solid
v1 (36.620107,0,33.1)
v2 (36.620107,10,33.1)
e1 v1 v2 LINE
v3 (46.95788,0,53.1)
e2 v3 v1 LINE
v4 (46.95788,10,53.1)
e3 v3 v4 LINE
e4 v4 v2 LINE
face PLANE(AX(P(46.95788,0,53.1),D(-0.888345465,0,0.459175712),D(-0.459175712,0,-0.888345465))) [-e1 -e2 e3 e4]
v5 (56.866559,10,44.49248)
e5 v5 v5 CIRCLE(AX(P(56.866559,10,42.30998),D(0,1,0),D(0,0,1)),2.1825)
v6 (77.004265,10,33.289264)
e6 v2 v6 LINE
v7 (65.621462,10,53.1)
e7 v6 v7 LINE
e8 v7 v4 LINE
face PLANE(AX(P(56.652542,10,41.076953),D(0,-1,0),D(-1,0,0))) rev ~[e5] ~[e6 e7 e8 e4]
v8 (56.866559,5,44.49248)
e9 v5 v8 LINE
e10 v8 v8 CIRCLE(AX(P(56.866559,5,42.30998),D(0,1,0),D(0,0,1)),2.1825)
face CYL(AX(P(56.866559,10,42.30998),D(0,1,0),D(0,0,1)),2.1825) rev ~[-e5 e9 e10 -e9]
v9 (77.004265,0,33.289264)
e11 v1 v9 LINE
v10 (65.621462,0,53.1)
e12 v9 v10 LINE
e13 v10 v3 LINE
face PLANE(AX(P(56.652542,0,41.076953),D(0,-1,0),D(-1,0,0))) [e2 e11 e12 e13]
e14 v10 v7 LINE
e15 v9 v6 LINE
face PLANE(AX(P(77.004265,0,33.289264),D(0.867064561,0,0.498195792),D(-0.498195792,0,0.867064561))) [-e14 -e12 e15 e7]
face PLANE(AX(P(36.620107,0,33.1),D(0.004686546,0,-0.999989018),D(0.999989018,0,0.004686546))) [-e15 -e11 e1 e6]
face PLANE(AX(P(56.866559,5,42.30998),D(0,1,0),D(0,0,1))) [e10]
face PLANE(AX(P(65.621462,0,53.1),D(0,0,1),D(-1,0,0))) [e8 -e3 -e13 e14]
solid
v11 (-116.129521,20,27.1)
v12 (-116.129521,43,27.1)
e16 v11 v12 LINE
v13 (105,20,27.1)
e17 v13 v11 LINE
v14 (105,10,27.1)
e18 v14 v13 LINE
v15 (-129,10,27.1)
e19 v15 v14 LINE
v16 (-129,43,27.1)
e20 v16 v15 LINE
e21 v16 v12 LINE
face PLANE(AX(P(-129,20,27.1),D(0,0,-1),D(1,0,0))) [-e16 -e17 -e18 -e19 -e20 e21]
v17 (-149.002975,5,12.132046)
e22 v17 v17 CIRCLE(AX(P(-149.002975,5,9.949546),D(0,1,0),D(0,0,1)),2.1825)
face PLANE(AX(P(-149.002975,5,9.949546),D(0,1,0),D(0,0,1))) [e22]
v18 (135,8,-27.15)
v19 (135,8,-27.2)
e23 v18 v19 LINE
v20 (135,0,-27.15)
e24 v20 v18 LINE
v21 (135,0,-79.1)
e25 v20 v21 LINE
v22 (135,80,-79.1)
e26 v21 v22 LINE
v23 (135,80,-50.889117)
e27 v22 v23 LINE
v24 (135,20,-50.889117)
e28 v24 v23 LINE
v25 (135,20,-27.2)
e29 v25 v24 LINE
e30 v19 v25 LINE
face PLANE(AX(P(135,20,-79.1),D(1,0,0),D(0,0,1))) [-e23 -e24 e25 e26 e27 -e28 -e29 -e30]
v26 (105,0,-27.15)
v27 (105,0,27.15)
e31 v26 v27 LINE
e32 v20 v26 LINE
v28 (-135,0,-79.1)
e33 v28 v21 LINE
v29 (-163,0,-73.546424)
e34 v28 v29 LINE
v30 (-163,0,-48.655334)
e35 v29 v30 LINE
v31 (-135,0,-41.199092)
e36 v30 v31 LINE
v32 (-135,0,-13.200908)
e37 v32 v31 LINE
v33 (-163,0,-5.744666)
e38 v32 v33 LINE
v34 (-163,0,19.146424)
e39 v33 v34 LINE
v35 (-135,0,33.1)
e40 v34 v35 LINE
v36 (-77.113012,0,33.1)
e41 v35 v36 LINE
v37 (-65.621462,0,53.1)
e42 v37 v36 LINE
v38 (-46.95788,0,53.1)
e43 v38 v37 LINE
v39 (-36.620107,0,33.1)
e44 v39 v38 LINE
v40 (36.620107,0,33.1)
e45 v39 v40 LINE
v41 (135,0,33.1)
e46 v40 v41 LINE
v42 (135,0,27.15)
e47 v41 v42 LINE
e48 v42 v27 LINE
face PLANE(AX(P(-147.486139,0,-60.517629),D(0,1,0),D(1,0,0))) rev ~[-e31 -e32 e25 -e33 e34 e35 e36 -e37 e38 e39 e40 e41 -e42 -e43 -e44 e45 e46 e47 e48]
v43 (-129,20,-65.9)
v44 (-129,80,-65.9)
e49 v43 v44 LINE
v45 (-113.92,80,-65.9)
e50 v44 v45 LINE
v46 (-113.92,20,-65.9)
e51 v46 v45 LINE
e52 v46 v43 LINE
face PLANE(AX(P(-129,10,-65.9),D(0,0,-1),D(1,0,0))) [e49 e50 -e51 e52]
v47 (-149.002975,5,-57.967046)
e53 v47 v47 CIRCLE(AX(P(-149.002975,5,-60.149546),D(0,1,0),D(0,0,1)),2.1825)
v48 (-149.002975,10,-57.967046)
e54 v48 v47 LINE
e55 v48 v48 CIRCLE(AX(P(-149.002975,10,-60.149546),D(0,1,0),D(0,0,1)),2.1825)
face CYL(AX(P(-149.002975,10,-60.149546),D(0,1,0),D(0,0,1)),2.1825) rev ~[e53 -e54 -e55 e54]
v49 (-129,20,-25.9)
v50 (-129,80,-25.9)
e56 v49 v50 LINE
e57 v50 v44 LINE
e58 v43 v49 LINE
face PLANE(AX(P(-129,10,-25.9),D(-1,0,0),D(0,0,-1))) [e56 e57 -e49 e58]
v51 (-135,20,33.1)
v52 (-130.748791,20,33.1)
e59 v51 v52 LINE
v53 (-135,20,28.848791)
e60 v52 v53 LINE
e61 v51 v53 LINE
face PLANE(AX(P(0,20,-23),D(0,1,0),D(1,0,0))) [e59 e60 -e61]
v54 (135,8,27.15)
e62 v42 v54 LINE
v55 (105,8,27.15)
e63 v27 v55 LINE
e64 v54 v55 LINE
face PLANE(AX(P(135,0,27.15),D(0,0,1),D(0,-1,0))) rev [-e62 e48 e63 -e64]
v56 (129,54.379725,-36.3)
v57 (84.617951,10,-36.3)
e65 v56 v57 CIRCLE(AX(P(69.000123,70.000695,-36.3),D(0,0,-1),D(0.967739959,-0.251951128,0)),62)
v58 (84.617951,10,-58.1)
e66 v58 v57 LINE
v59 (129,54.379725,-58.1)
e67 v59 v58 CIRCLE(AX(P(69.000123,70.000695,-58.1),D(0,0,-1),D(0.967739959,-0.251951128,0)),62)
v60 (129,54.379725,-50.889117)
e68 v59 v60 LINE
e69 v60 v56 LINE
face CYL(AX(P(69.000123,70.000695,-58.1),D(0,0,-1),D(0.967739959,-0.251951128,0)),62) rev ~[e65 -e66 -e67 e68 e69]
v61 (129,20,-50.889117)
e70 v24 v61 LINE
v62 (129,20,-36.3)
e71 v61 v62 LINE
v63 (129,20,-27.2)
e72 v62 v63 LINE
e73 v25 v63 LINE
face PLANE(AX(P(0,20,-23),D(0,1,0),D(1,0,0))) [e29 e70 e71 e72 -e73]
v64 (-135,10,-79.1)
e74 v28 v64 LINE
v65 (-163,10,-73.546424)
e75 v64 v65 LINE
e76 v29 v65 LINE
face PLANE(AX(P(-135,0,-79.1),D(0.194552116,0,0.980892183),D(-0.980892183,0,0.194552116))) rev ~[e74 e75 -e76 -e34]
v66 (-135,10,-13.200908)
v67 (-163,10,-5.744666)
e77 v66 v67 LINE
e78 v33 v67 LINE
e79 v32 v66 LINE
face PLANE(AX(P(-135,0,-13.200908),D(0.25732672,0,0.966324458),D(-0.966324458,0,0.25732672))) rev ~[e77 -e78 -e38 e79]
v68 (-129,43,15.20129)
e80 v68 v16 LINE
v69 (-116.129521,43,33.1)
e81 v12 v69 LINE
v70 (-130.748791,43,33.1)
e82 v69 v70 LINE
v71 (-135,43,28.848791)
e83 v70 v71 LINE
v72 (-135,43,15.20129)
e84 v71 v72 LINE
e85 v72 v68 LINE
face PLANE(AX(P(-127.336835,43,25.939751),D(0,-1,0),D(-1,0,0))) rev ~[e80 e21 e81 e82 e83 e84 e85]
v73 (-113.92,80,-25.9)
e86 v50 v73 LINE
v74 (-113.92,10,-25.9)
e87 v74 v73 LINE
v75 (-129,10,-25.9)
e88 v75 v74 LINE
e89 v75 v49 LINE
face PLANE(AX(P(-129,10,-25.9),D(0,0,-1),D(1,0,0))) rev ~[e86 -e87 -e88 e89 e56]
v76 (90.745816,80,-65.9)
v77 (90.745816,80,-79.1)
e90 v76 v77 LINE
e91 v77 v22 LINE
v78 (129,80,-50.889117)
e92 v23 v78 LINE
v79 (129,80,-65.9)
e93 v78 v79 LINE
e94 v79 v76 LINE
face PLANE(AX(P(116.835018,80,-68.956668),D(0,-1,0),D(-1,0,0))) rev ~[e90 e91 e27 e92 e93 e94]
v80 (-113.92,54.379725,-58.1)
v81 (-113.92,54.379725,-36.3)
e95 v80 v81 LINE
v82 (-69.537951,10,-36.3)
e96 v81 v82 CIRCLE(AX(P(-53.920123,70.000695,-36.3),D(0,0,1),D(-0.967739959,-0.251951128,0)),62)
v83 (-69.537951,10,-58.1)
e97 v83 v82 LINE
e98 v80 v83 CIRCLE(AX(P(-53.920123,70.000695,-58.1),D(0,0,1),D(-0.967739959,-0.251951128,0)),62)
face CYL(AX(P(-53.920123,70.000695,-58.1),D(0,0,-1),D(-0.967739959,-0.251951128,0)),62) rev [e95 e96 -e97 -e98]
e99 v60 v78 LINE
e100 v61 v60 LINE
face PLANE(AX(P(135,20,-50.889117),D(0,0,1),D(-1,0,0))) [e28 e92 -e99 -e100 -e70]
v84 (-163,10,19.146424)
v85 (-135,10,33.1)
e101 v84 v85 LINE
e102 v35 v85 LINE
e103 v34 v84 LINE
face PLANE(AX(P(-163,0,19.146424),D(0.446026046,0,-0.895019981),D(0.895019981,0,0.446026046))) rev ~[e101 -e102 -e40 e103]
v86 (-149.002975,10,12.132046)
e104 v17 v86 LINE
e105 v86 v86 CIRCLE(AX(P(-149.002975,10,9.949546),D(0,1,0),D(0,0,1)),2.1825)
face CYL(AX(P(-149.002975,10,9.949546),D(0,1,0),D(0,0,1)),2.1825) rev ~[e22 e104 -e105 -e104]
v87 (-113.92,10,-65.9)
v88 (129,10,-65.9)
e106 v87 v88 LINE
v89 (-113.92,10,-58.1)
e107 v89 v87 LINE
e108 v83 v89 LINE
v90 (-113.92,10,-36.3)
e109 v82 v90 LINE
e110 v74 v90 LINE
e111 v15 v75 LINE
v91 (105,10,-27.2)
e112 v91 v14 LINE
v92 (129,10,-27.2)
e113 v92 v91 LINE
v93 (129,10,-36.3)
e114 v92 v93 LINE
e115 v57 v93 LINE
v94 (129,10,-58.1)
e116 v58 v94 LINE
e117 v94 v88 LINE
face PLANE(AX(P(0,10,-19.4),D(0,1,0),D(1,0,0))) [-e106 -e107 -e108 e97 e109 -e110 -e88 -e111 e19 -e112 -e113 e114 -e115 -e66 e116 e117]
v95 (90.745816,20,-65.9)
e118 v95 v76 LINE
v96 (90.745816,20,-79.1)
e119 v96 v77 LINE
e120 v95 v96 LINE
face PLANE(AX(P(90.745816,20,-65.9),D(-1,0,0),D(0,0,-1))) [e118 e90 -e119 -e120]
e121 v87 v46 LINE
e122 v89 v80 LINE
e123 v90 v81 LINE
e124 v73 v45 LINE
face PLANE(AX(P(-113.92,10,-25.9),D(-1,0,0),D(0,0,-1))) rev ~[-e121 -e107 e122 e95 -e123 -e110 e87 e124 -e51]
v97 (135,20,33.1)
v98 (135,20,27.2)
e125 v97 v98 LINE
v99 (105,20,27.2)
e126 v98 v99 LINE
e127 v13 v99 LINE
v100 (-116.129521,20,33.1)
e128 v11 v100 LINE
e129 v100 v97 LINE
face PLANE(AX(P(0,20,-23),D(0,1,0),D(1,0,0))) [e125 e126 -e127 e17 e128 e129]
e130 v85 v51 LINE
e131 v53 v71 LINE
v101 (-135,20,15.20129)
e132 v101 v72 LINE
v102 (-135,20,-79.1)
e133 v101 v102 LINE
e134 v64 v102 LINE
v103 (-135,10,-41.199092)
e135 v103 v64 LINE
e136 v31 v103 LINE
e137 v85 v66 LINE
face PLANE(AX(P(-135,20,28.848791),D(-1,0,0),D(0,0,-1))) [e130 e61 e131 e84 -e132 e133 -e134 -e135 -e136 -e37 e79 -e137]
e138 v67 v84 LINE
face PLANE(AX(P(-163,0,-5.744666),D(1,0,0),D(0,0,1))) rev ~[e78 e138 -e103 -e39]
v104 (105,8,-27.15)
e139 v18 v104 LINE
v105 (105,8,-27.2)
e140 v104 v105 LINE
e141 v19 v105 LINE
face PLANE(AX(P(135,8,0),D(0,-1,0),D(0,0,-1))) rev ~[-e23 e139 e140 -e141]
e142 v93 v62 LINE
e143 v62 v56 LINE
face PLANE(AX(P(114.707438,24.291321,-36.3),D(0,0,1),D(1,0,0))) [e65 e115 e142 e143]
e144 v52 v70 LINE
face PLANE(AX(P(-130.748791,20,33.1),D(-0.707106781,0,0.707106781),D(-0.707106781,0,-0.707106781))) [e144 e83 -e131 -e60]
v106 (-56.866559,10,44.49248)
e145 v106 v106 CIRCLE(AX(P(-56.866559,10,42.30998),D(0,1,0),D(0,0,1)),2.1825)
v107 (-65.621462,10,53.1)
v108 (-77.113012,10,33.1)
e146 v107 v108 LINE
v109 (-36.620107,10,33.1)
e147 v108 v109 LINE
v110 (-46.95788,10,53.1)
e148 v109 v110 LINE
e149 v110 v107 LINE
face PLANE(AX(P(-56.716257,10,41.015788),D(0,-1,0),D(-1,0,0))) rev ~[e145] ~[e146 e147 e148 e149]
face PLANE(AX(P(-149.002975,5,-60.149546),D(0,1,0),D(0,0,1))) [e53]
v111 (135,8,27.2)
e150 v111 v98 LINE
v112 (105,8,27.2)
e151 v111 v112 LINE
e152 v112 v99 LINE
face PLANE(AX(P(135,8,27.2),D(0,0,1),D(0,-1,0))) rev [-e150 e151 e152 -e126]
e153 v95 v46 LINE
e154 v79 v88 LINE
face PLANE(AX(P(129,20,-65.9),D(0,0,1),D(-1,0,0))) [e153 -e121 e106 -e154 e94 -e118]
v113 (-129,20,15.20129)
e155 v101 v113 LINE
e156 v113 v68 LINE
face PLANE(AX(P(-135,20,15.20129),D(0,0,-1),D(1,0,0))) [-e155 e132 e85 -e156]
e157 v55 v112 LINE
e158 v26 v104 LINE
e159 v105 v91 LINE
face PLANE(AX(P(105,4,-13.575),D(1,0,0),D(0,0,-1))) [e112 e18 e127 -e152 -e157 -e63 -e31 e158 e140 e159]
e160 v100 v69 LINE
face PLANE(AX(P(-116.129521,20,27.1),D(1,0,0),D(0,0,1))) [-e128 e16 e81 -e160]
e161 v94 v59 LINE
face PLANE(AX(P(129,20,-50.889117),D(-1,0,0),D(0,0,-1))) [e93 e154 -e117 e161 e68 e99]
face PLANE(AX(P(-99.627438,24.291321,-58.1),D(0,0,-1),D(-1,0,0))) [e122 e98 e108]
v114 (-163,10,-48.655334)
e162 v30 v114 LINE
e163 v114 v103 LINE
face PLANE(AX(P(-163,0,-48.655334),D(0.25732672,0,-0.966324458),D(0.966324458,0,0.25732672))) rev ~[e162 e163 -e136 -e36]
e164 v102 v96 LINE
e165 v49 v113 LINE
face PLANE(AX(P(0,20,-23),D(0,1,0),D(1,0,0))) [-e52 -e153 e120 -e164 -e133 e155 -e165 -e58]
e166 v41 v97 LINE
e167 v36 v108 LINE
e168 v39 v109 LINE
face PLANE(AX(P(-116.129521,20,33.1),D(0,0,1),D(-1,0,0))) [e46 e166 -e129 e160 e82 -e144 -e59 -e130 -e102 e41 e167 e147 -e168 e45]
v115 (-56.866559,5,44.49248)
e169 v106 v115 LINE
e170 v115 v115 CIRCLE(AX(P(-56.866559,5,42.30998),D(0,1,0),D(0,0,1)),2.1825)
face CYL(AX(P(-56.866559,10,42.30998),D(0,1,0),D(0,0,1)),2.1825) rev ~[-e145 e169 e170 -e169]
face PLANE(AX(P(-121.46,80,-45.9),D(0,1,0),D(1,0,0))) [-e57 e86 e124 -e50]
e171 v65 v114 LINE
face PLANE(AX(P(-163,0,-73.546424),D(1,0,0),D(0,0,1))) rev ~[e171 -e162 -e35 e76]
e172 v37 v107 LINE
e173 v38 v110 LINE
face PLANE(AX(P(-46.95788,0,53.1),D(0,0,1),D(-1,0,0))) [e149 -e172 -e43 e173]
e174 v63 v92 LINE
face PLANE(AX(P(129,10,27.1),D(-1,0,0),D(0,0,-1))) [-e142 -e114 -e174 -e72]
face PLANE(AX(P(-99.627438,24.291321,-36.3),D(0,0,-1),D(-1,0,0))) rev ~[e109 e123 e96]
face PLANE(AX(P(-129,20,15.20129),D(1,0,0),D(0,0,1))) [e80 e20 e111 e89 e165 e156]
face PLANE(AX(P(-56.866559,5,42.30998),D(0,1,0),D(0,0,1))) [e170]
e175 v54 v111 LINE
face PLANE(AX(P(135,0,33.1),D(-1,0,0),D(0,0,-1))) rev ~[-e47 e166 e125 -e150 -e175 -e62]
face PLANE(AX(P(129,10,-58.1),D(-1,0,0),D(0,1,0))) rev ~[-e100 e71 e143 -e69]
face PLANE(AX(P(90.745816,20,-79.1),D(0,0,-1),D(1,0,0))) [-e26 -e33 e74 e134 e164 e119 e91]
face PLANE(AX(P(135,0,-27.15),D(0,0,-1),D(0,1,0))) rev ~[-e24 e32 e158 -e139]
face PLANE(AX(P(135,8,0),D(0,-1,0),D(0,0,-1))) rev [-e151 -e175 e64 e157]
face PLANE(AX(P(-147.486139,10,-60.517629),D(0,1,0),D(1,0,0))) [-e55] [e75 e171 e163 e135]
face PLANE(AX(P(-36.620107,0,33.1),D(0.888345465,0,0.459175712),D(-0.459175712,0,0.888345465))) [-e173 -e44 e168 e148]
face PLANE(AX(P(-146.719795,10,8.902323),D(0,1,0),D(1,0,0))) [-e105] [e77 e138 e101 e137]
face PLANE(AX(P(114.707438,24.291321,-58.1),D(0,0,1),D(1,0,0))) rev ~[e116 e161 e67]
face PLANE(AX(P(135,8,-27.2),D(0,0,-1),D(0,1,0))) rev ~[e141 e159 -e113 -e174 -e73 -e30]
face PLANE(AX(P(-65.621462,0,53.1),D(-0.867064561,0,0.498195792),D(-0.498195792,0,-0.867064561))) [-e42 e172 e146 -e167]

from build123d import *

# Parameters (mm, degrees)
SKETCH3_W            = 270
SKETCH3_H            = 112.2
BOSS_EXTRUDE1_DEPTH  = 20
CUT_EXTRUDE1_START   = 10
SKETCH2_W            = 258
SKETCH2_H            = 93
CUT_EXTRUDE1_DEPTH   = 30
SKETCH5_W            = 27.15
SKETCH5_H            = 8
CUT_EXTRUDE2_DEPTH   = 30
SKETCH7_W            = 27.2
SKETCH7_H            = 12
CUT_EXTRUDE3_DEPTH   = 30
BOSS_EXTRUDE6_DEPTH  = 23
BOSS_EXTRUDE7_DEPTH  = 10
SKETCH27_R           = 2.1825
CUT_EXTRUDE4_DEPTH   = 5
BOSS_EXTRUDE10_START = 7.8
BOSS_EXTRUDE10_DEPTH = 21.8
SKETCH34_W           = 15.08
SKETCH34_H           = 40
BOSS_EXTRUDE11_DEPTH = 70
BOSS_EXTRUDE12_DEPTH = 60


with BuildPart() as part:
    # Sketch3 → Boss-Extrude1 (new body)
    with BuildSketch(Plane(origin=(0, 0, 0), x_dir=(1, 0, 0), z_dir=(0, 1, 0))):
        with Locations((0, 23)):
            Rectangle(SKETCH3_W, SKETCH3_H)
    extrude(amount=BOSS_EXTRUDE1_DEPTH)

    # Sketch2 → Cut-Extrude1 (cut)
    with BuildSketch(Plane(origin=(0, 0, 0), x_dir=(1, 0, 0), z_dir=(0, 1, 0)).offset(CUT_EXTRUDE1_START)):
        with Locations((0, 19.4)):
            Rectangle(SKETCH2_W, SKETCH2_H)
    extrude(amount=CUT_EXTRUDE1_DEPTH, mode=Mode.SUBTRACT)

    # Sketch5 → Cut-Extrude2 (cut)
    with BuildSketch(Plane(origin=(135, 0, 0), x_dir=(0, 0, -1), z_dir=(1, 0, 0))):
        with Locations((13.575, 4)):
            Rectangle(SKETCH5_W, SKETCH5_H)
    cut_extrude2 = extrude(amount=-CUT_EXTRUDE2_DEPTH, mode=Mode.SUBTRACT)

    # Mirror1: Cut-Extrude2 across plane
    add(cut_extrude2.mirror(Plane.XY), mode=Mode.SUBTRACT)

    # Sketch7 → Cut-Extrude3 (cut)
    with BuildSketch(Plane(origin=(135, 0, 0), x_dir=(0, 0, -1), z_dir=(1, 0, 0))):
        with Locations((13.6, 14)):
            Rectangle(SKETCH7_W, SKETCH7_H)
    cut_extrude3 = extrude(amount=-CUT_EXTRUDE3_DEPTH, mode=Mode.SUBTRACT)

    # Mirror2: Cut-Extrude3 across plane
    add(cut_extrude3.mirror(Plane.XY), mode=Mode.SUBTRACT)

    # Sketch23 → Boss-Extrude6 (add)
    with BuildSketch(Plane(origin=(0, 20, 0), x_dir=(1, 0, 0), z_dir=(0, 1, 0))):
        Polygon((-135, -15.201290187), (-129, -15.201290187), (-129, -27.1), (-116.129520543, -27.1), (-116.129520543, -33.1), (-130.748790546, -33.1), (-135, -28.848790546), align=None)
    extrude(amount=BOSS_EXTRUDE6_DEPTH)

    # Sketch26 → Boss-Extrude7 (add)
    with BuildSketch(Plane(origin=(0, 0, 0), x_dir=(1, 0, 0), z_dir=(0, 1, 0))):
        Polygon((-135, 41.199092499), (-135, 79.1), (-163, 73.546424044), (-163, 48.655333625), align=None)
        Polygon((-135, 13.200907501), (-163, 5.744666375), (-163, -19.146424044), (-135, -33.1), align=None)
        Polygon((-77.113011714, -33.1), (-36.620106691, -33.1), (-46.95788024, -53.1), (-65.621461612, -53.1), align=None)
        Polygon((36.620106691, -33.1), (77.004264715, -33.289264282), (65.621461612, -53.1), (46.95788024, -53.1), align=None)
    extrude(amount=BOSS_EXTRUDE7_DEPTH)


with BuildPart() as boss_extrude7_piece_1:
    # of the separate pieces the step leaves, piece 1, a body of its own (boss_extrude7_pieces)
    add(part.part.solids().sort_by_distance((-135, 0, 33.1))[0])


with BuildPart() as boss_extrude7_piece_2:
    # of the separate pieces the step leaves, piece 2, a body of its own (boss_extrude7_pieces)
    add(part.part.solids().sort_by_distance((77.004264715, 0, 33.289264282))[0])


with BuildPart() as cut_extrude4_tool:
    # Sketch27 → Cut-Extrude4 (new, symmetric)
    with BuildSketch(Plane(origin=(0, 10, 0), x_dir=(1, 0, 0), z_dir=(0, 1, 0))):
        with Locations(Location((-56.866559202, -42.309979601, 0), (0, 0, 270))):
            Circle(SKETCH27_R)
        with Locations(Location((56.866559202, -42.309979601, 0), (0, 0, 270))):
            Circle(SKETCH27_R)
        with Locations(Location((-149.002974589, 60.14954625, 0), (0, 0, 270))):
            Circle(SKETCH27_R)
        with Locations(Location((-149.002974589, -9.94954625, 0), (0, 0, 270))):
            Circle(SKETCH27_R)
    extrude(amount=CUT_EXTRUDE4_DEPTH, both=True)


with BuildPart() as boss_extrude7_piece_1_1:
    add(boss_extrude7_piece_1.part)

    # Cut-Extrude4: cut by cut_extrude4_tool
    add(cut_extrude4_tool.part, mode=Mode.SUBTRACT)

    # Sketch32 → Boss-Extrude10 (add)
    with BuildSketch(Plane.XY.offset(-65.9).offset(BOSS_EXTRUDE10_START)):
        with BuildLine():
            Line((84.617950873, 10), (129, 10))
            Line((129, 10), (129, 54.379725349))
            ThreePointArc((129, 54.379725349), (112.839595195, 26.158927146), (84.617950873, 10))
        make_face()
        with BuildLine():
            Line((-69.537950873, 10), (-113.92, 10))
            Line((-113.92, 10), (-113.92, 54.379725349))
            ThreePointArc((-113.92, 54.379725349), (-97.759595195, 26.158927146), (-69.537950873, 10))
        make_face()
    extrude(amount=BOSS_EXTRUDE10_DEPTH)

    # Sketch34 → Boss-Extrude11 (add)
    with BuildSketch(Plane(origin=(0, 10, 0), x_dir=(1, 0, 0), z_dir=(0, 1, 0))):
        with Locations((-121.46, 45.9)):
            Rectangle(SKETCH34_W, SKETCH34_H)
    extrude(amount=BOSS_EXTRUDE11_DEPTH)

    # Sketch36 → Boss-Extrude12 (add)
    with BuildSketch(Plane(origin=(0, 20, 0), x_dir=(1, 0, 0), z_dir=(0, 1, 0))):
        Polygon((135, 79.1), (135, 50.889116573), (129, 50.889116573), (129, 65.9), (90.745815543, 65.9), (90.745815543, 79.1), align=None)
    extrude(amount=BOSS_EXTRUDE12_DEPTH)


with BuildPart() as boss_extrude7_piece_2_1:
    add(boss_extrude7_piece_2.part)

    # Cut-Extrude4: cut by cut_extrude4_tool
    add(cut_extrude4_tool.part, mode=Mode.SUBTRACT)


solid = Compound([boss_extrude7_piece_1_1.part, boss_extrude7_piece_2_1.part])
